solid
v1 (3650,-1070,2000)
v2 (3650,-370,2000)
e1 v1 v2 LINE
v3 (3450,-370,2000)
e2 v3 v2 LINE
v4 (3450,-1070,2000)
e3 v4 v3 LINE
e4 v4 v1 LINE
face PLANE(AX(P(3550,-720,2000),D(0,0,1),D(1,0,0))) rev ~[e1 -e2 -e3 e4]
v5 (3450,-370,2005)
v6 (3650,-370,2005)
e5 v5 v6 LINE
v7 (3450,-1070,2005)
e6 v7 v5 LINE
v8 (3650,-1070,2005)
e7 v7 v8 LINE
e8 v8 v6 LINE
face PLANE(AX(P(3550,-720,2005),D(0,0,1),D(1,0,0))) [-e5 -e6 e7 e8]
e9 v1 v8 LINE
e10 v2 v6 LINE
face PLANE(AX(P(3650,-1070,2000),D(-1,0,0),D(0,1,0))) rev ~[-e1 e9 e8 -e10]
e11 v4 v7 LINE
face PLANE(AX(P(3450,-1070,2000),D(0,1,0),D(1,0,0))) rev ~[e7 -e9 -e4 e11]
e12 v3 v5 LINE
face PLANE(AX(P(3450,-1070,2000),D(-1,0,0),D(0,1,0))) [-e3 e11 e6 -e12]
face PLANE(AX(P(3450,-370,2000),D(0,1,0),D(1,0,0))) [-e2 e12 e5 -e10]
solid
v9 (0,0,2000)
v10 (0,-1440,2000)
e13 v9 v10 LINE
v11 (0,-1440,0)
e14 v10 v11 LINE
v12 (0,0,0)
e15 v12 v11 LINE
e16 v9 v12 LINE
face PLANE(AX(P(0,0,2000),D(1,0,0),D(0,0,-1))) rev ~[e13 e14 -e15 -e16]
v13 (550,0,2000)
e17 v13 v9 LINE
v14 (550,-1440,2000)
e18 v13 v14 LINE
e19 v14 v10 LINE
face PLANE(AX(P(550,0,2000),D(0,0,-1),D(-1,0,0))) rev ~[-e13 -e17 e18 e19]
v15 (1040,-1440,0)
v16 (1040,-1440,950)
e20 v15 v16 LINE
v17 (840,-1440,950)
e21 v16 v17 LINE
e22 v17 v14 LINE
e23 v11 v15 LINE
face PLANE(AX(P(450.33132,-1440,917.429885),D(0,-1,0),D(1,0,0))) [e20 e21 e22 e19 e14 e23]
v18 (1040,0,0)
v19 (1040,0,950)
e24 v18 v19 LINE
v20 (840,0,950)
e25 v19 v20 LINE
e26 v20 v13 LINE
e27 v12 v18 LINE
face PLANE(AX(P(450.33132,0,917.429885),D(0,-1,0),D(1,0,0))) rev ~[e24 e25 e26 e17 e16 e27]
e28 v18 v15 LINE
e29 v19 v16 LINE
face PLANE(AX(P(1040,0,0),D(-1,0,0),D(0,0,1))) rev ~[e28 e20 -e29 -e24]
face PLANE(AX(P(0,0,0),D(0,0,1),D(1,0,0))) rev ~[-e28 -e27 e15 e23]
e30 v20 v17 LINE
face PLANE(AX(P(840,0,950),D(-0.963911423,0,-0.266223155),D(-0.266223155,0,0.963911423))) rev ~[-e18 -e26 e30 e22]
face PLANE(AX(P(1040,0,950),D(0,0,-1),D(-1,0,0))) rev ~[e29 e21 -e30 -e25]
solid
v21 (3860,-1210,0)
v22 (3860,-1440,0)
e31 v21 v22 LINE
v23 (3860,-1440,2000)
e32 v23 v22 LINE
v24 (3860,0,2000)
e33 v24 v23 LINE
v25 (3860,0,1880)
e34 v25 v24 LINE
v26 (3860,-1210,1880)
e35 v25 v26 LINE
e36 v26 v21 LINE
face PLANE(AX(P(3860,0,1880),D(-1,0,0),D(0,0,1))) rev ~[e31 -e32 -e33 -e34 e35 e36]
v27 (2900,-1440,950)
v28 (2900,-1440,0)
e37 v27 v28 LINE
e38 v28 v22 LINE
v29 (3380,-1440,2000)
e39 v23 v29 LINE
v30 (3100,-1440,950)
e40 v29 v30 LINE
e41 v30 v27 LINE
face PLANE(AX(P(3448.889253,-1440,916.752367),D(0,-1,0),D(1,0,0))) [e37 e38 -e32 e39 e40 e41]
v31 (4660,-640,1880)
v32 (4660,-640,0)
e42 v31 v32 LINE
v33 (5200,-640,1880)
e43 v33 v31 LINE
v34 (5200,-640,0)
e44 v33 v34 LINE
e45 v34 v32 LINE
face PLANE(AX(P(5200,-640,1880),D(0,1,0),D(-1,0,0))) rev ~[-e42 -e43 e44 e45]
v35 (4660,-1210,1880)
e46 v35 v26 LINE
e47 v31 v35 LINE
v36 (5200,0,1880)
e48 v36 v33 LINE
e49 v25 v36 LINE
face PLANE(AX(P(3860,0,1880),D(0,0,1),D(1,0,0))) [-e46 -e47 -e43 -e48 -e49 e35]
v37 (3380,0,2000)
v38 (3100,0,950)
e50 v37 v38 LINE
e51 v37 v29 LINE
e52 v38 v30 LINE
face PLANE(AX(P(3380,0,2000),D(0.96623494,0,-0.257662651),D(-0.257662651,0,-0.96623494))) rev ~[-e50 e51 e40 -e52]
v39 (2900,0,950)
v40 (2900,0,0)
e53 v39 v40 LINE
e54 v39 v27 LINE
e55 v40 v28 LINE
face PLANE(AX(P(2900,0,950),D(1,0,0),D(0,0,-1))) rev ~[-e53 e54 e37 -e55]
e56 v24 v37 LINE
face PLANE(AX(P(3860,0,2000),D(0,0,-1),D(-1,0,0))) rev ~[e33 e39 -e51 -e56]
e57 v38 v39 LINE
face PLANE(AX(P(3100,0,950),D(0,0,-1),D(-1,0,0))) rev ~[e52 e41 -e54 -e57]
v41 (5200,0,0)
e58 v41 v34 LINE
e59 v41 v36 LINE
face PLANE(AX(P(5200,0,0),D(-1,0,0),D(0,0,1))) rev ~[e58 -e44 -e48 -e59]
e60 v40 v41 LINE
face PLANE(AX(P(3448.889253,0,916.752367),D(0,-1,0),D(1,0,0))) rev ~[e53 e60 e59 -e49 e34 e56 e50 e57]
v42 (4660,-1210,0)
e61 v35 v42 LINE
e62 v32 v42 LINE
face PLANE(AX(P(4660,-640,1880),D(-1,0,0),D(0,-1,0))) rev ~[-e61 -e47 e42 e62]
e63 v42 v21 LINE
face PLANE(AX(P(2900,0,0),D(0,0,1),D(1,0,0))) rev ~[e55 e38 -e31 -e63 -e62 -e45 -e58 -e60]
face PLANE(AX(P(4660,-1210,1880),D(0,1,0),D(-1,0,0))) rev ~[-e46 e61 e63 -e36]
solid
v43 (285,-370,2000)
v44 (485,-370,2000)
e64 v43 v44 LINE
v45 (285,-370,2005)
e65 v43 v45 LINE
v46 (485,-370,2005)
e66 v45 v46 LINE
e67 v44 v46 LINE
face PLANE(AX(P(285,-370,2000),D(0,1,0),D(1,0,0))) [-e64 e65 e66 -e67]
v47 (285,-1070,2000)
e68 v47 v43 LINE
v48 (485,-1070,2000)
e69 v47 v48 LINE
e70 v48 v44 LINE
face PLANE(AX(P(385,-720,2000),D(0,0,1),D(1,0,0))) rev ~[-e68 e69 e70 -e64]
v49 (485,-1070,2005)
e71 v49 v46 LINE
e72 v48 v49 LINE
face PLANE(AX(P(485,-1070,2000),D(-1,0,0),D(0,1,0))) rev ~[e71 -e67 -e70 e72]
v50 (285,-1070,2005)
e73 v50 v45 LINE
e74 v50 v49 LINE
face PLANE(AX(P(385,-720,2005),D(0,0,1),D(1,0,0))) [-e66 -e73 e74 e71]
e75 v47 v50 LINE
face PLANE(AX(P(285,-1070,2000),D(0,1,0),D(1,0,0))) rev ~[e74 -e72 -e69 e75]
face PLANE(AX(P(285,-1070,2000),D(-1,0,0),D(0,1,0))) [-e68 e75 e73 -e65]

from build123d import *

# Parameters (mm, degrees)
F0_W     = 1340
F0_H     = 1880
F1_DEPTH = 1440
F3_DEPTH = 2080
F4_W     = 200
F4_H     = 700
F5_DEPTH = 5


with BuildPart() as f1:
    # F0 (on Front) → F1 (new body)
    with BuildSketch(Plane.XZ):
        Polygon((0, 2000), (0, 0), (1040, 0), (1040, 950), (840, 950), (550, 2000), align=None)
        Polygon((3860, 1880), (3860, 2000), (3380, 2000), (3100, 950), (2900, 950), (2900, 0), (3860, 0), align=None)
        with Locations((4530, 940)):
            Rectangle(F0_W, F0_H)
    extrude(amount=F1_DEPTH)

    # F2 (on face) → F3 (cut)
    with BuildSketch(Plane.XY.offset(1880)):
        Polygon((3860, -1210), (3860, -1440), (5200, -1440), (5200, -640), (4660, -640), (4660, -1210), align=None)
    extrude(amount=-F3_DEPTH, mode=Mode.SUBTRACT)


with BuildPart() as f5:
    # F4 (on face) → F5 (new body)
    with BuildSketch(Plane.XY.offset(2000)):
        with Locations((385, -720)):
            Rectangle(F4_W, F4_H)
        with Locations((3550, -720)):
            Rectangle(F4_W, F4_H)
    extrude(amount=F5_DEPTH)


solid = Compound([f1.part, f5.part])
